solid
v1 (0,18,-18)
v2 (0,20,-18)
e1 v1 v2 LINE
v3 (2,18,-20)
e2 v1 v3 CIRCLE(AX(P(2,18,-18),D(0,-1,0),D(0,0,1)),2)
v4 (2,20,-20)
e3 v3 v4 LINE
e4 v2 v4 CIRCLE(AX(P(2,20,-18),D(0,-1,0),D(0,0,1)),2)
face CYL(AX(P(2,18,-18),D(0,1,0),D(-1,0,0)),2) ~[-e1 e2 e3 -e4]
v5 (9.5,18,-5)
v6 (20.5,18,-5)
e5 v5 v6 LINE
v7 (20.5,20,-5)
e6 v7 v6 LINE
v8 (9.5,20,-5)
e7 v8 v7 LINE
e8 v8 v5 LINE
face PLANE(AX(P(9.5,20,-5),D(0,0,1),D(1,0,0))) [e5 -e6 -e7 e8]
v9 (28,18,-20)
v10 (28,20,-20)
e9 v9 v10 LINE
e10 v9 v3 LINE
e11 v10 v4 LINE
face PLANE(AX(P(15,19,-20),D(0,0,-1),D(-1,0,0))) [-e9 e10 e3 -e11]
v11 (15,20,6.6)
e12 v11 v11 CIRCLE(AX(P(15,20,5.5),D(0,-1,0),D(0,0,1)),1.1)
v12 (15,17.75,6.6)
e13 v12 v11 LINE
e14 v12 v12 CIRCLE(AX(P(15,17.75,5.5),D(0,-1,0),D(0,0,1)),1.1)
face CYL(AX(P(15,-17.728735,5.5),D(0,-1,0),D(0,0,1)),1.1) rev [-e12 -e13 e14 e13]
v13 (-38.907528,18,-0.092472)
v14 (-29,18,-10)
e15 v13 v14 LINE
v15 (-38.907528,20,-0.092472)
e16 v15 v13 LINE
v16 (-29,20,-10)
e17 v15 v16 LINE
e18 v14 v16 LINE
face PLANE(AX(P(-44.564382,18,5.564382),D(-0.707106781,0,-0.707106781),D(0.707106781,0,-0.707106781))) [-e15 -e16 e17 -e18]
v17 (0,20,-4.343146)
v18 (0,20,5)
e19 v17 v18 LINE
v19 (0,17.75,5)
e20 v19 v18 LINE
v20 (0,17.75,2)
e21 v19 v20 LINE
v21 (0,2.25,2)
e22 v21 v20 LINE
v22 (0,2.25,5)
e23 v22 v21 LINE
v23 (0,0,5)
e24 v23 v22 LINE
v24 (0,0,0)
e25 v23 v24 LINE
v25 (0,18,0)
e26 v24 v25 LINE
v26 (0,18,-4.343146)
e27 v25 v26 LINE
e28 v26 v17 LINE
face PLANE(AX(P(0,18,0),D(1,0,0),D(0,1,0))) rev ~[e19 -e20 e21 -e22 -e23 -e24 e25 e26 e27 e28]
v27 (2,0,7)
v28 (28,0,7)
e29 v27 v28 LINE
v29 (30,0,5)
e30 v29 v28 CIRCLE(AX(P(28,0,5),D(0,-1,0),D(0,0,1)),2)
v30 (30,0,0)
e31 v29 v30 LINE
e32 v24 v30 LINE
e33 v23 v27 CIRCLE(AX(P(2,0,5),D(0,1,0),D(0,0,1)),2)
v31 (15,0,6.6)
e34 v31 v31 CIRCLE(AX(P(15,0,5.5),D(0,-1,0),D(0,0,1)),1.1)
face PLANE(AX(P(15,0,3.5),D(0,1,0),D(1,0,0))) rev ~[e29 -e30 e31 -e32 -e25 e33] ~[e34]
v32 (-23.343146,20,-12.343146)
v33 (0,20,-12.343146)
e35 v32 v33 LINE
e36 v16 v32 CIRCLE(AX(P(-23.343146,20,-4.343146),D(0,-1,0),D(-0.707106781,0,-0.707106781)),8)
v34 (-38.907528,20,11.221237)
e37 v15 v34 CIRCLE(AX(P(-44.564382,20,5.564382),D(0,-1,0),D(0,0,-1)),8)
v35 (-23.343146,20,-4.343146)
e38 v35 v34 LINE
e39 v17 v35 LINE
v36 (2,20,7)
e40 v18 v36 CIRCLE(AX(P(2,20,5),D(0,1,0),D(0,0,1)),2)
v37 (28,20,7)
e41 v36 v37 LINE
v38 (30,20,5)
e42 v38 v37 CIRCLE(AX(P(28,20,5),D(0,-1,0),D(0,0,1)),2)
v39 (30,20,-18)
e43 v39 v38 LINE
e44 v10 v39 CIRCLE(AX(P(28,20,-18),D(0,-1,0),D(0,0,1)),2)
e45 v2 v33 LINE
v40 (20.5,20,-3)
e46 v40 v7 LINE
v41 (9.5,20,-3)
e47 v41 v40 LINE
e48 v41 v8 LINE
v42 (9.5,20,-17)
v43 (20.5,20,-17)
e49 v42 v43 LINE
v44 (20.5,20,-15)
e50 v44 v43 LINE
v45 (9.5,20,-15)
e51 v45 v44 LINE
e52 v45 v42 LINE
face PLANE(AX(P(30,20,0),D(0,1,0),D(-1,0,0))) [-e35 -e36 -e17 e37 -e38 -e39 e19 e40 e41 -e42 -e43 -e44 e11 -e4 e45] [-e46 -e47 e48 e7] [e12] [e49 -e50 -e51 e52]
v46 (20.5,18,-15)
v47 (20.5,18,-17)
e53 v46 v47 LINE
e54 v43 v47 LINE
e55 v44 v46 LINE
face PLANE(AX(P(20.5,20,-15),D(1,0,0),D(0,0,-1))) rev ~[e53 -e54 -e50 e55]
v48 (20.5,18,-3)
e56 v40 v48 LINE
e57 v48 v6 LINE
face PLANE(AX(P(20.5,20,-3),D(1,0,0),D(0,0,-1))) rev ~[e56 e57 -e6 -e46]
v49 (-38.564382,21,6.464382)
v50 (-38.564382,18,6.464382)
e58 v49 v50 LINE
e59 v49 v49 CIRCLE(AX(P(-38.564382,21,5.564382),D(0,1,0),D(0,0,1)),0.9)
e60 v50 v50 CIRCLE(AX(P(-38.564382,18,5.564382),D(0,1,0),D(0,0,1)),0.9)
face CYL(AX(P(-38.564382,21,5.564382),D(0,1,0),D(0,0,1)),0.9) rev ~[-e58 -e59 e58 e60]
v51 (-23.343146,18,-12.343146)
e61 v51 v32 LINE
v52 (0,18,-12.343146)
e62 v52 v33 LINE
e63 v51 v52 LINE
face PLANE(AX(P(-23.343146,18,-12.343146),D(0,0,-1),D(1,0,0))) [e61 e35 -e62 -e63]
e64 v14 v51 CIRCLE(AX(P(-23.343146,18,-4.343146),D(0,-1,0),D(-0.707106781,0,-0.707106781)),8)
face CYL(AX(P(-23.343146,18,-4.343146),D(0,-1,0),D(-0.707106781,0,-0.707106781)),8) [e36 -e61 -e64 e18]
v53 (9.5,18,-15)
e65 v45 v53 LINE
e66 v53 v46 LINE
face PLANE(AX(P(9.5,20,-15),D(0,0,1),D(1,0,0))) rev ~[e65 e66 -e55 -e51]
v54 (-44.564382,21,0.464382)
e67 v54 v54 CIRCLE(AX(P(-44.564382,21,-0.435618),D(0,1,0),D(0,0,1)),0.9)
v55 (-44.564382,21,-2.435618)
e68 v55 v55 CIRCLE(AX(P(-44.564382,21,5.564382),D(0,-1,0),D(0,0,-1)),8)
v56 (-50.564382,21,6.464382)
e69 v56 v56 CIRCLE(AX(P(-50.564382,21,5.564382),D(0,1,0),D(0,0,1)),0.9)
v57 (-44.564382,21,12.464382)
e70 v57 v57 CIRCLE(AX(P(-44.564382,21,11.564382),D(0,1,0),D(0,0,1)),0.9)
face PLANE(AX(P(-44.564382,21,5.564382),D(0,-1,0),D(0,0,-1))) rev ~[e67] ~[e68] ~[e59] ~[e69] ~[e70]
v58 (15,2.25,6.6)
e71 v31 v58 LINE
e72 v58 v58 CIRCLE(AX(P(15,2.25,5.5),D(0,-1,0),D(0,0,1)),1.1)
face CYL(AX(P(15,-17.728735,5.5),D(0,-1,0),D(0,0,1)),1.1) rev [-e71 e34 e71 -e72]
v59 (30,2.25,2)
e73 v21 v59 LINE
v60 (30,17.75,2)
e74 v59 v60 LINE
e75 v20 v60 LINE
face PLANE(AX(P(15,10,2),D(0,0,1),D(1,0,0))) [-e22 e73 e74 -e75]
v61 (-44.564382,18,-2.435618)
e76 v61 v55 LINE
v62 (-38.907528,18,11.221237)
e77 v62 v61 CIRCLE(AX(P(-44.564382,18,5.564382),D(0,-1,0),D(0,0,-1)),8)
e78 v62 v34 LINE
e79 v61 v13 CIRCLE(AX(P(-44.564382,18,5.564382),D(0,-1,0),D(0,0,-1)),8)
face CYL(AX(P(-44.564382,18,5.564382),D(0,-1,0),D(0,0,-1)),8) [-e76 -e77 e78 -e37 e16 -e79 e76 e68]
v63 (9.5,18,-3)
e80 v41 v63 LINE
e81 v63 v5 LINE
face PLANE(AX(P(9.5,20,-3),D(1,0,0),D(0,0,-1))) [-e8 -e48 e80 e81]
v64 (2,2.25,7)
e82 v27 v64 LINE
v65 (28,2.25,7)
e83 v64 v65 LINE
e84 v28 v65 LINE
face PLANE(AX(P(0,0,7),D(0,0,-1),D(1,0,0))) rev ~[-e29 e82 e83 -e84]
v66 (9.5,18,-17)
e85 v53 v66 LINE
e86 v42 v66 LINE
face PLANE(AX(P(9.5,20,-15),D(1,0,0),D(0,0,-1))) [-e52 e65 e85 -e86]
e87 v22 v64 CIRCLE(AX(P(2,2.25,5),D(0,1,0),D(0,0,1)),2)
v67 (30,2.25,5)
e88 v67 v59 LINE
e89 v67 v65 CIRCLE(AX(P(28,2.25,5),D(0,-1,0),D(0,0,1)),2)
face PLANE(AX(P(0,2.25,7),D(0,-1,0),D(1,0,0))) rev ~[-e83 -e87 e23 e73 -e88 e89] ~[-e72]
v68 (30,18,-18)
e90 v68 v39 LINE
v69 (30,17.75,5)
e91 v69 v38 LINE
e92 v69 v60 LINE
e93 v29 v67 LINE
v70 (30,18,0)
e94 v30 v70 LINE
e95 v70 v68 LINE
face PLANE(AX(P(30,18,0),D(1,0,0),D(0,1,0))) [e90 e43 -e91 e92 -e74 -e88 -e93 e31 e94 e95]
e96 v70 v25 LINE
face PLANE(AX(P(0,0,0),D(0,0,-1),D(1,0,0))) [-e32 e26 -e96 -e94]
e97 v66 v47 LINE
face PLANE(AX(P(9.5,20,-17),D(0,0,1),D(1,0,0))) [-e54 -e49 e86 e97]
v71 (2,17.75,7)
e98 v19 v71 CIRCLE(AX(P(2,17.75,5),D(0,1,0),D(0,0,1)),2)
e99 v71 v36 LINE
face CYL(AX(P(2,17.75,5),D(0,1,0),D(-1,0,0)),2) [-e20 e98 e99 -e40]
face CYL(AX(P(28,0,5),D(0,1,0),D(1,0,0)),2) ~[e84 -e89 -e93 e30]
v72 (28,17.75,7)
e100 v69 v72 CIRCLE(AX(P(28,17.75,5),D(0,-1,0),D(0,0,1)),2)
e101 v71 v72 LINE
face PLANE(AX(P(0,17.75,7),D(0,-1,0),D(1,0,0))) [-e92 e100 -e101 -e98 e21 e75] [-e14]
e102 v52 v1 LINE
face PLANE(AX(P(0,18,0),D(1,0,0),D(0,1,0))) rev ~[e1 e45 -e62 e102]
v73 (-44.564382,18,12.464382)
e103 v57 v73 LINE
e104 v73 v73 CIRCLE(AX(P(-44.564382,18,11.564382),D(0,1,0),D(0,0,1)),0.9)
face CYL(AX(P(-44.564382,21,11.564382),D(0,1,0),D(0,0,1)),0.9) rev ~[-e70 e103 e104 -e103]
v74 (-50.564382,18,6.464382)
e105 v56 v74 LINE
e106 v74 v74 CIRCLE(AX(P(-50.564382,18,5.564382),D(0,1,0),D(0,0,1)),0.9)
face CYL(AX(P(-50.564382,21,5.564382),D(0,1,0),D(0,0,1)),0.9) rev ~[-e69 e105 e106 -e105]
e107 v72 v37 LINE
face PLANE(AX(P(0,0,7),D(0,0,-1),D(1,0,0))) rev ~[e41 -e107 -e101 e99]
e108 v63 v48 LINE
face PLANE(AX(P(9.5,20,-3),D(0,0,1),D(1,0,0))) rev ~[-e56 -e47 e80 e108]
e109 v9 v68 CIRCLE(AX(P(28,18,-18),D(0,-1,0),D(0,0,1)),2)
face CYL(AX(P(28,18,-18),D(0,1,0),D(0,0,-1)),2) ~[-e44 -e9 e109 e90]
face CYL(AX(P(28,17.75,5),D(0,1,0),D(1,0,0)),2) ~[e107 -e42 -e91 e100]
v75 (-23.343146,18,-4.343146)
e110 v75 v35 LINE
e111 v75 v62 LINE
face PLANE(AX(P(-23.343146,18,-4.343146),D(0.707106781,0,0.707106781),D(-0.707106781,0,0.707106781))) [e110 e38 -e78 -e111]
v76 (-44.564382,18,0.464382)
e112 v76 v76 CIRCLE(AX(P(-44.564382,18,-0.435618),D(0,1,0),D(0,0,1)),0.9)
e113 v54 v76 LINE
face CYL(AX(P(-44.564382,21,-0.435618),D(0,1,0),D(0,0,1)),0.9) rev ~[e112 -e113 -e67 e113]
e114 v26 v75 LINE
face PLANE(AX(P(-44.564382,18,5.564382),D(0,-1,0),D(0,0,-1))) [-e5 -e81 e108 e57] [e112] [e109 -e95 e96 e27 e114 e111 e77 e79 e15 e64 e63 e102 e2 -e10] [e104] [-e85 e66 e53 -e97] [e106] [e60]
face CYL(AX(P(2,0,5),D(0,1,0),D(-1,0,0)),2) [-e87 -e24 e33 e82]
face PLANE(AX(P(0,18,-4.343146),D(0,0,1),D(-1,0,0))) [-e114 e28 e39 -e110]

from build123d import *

# Parameters (mm, degrees)
SKETCH_1_W               = 30
SKETCH_1_H               = 7
EXTRUDE_1_DEPTH          = 20
SKETCH_2_W               = 30
SKETCH_2_H               = 15.5
CUT_EXTRUDE_1_DEPTH      = 5
CUT_EXTRUDE_2_DEPTH      = 37.728735344
CUT_EXTRUDE_2_DEPTH_BACK = 37.728735344
SKETCH_4_R               = 1.1
SKETCH_5_W               = 30
SKETCH_5_H               = 2
EXTRUDE_2_DEPTH          = 20
SKETCH_6_W               = 11
SKETCH_6_H               = 2
CUT_EXTRUDE_3_DEPTH      = 2
EXTRUDE_3_DEPTH          = 2
SKETCH_8_R               = 8
EXTRUDE_4_DEPTH          = 3
CUT_EXTRUDE_4_REACH      = 62.033
SKETCH_10_R              = 0.9
FILLET_1_R               = 2


with BuildPart() as part:
    # 草图1 → 凸台-拉伸1 (new body)
    with BuildSketch(Plane(origin=(0, 0, 0), x_dir=(1, 0, 0), z_dir=(0, 1, 0))):
        with Locations((15, -3.5)):
            Rectangle(SKETCH_1_W, SKETCH_1_H)
    extrude(amount=EXTRUDE_1_DEPTH)

    # 草图2 → 切除-拉伸1 (cut)
    with BuildSketch(Plane.XY.offset(7)):
        with Locations((15, 10)):
            Rectangle(SKETCH_2_W, SKETCH_2_H)
    extrude(amount=-CUT_EXTRUDE_1_DEPTH, mode=Mode.SUBTRACT)

    # 草图4 → 切除-拉伸2 (cut, two sides: drawn at the far end of the back side and taken through both)
    with BuildSketch(Plane(origin=(0, 20, 0), x_dir=(1, 0, 0), z_dir=(0, 1, 0)).offset(-CUT_EXTRUDE_2_DEPTH_BACK)):
        with Locations(Location((15, -5.5, 0), (0, 0, 270))):
            Circle(SKETCH_4_R)
    extrude(amount=CUT_EXTRUDE_2_DEPTH + CUT_EXTRUDE_2_DEPTH_BACK, mode=Mode.SUBTRACT)

    # 草图5 → 凸台-拉伸2 (add)
    with BuildSketch(Plane(origin=(0, 0, 0), x_dir=(-1, 0, 0), z_dir=(0, 0, -1))):
        with Locations((-15, 19)):
            Rectangle(SKETCH_5_W, SKETCH_5_H)
    extrude(amount=EXTRUDE_2_DEPTH)

    # 草图6 → 切除-拉伸3 (cut)
    with BuildSketch(Plane(origin=(0, 20, 0), x_dir=(1, 0, 0), z_dir=(0, 1, 0))):
        with Locations((15, 16)):
            Rectangle(SKETCH_6_W, SKETCH_6_H)
        with Locations((15, 4)):
            Rectangle(SKETCH_6_W, SKETCH_6_H)
    extrude(amount=-CUT_EXTRUDE_3_DEPTH, mode=Mode.SUBTRACT)

    # 草图7 → 凸台-拉伸3 (add)
    with BuildSketch(Plane.XZ.offset(-18)):
        with BuildLine():
            Line((0, -12.343145751), (0, -10))
            Line((0, -10), (0, -4.343145751))
            Line((0, -4.343145751), (-23.343145751, -4.343145751))
            Line((-23.343145751, -4.343145751), (-38.907528162, 11.221236661))
            Line((-38.907528162, 11.221236661), (-44.564382411, 5.564382411))
            Line((-44.564382411, 5.564382411), (-29, -10))
            ThreePointArc((-29, -10), (-26.404613209, -11.734182011), (-23.343145751, -12.343145751))
            Line((-23.343145751, -12.343145751), (0, -12.343145751))
        make_face()
    extrude(amount=-EXTRUDE_3_DEPTH)

    # 草图8 → 凸台-拉伸4 (add)
    with BuildSketch(Plane.XZ.offset(-18)):
        with Locations(Location((-44.564382411, 5.564382411, 0), (0, 0, 270))):
            Circle(SKETCH_8_R)
    extrude(amount=-EXTRUDE_4_DEPTH)

    # 草图10 → 切除-拉伸4 (cut, up to next)
    with BuildSketch(Plane(origin=(0, 21, 0), x_dir=(1, 0, 0), z_dir=(0, 1, 0)), mode=Mode.PRIVATE) as cut_extrude_4_sk1:
        with Locations(Location((-38.564382411, -5.564382411, 0), (0, 0, 270))):
            Circle(SKETCH_10_R)
    cut_extrude_4_tool1 = extrude(cut_extrude_4_sk1.sketch, amount=-CUT_EXTRUDE_4_REACH, mode=Mode.PRIVATE) & part.part
    # 草图10 → 切除-拉伸4 (cut, up to next)
    with BuildSketch(Plane(origin=(0, 21, 0), x_dir=(1, 0, 0), z_dir=(0, 1, 0)), mode=Mode.PRIVATE) as cut_extrude_4_sk2:
        with Locations(Location((-44.564382411, -11.564382411, 0), (0, 0, 270))):
            Circle(SKETCH_10_R)
    cut_extrude_4_tool2 = extrude(cut_extrude_4_sk2.sketch, amount=-CUT_EXTRUDE_4_REACH, mode=Mode.PRIVATE) & part.part
    # 草图10 → 切除-拉伸4 (cut, up to next)
    with BuildSketch(Plane(origin=(0, 21, 0), x_dir=(1, 0, 0), z_dir=(0, 1, 0)), mode=Mode.PRIVATE) as cut_extrude_4_sk3:
        with Locations(Location((-50.564382411, -5.564382411, 0), (0, 0, 270))):
            Circle(SKETCH_10_R)
    cut_extrude_4_tool3 = extrude(cut_extrude_4_sk3.sketch, amount=-CUT_EXTRUDE_4_REACH, mode=Mode.PRIVATE) & part.part
    # 草图10 → 切除-拉伸4 (cut, up to next)
    with BuildSketch(Plane(origin=(0, 21, 0), x_dir=(1, 0, 0), z_dir=(0, 1, 0)), mode=Mode.PRIVATE) as cut_extrude_4_sk4:
        with Locations(Location((-44.564382411, 0.435617589, 0), (0, 0, 270))):
            Circle(SKETCH_10_R)
    cut_extrude_4_tool4 = extrude(cut_extrude_4_sk4.sketch, amount=-CUT_EXTRUDE_4_REACH, mode=Mode.PRIVATE) & part.part
    add(cut_extrude_4_tool1.solids().sort_by_distance((-38.564382, 21, 5.564382))[0], mode=Mode.SUBTRACT)
    add(cut_extrude_4_tool2.solids().sort_by_distance((-44.564382, 21, 11.564382))[0], mode=Mode.SUBTRACT)
    add(cut_extrude_4_tool3.solids().sort_by_distance((-50.564382, 21, 5.564382))[0], mode=Mode.SUBTRACT)
    add(cut_extrude_4_tool4.solids().sort_by_distance((-44.564382, 21, -0.435618))[0], mode=Mode.SUBTRACT)

    # 圆角1
    fillet_1_edges = [part.edges().sort_by_distance(p)[0] for p in [
        (30, 1.125, 7),
        (0, 1.125, 7),
        (30, 19, -20),
        (0, 19, -20),
        (30, 18.875, 7),
        (0, 18.875, 7),
    ]]
    fillet(fillet_1_edges, radius=FILLET_1_R)


solid = part.part
